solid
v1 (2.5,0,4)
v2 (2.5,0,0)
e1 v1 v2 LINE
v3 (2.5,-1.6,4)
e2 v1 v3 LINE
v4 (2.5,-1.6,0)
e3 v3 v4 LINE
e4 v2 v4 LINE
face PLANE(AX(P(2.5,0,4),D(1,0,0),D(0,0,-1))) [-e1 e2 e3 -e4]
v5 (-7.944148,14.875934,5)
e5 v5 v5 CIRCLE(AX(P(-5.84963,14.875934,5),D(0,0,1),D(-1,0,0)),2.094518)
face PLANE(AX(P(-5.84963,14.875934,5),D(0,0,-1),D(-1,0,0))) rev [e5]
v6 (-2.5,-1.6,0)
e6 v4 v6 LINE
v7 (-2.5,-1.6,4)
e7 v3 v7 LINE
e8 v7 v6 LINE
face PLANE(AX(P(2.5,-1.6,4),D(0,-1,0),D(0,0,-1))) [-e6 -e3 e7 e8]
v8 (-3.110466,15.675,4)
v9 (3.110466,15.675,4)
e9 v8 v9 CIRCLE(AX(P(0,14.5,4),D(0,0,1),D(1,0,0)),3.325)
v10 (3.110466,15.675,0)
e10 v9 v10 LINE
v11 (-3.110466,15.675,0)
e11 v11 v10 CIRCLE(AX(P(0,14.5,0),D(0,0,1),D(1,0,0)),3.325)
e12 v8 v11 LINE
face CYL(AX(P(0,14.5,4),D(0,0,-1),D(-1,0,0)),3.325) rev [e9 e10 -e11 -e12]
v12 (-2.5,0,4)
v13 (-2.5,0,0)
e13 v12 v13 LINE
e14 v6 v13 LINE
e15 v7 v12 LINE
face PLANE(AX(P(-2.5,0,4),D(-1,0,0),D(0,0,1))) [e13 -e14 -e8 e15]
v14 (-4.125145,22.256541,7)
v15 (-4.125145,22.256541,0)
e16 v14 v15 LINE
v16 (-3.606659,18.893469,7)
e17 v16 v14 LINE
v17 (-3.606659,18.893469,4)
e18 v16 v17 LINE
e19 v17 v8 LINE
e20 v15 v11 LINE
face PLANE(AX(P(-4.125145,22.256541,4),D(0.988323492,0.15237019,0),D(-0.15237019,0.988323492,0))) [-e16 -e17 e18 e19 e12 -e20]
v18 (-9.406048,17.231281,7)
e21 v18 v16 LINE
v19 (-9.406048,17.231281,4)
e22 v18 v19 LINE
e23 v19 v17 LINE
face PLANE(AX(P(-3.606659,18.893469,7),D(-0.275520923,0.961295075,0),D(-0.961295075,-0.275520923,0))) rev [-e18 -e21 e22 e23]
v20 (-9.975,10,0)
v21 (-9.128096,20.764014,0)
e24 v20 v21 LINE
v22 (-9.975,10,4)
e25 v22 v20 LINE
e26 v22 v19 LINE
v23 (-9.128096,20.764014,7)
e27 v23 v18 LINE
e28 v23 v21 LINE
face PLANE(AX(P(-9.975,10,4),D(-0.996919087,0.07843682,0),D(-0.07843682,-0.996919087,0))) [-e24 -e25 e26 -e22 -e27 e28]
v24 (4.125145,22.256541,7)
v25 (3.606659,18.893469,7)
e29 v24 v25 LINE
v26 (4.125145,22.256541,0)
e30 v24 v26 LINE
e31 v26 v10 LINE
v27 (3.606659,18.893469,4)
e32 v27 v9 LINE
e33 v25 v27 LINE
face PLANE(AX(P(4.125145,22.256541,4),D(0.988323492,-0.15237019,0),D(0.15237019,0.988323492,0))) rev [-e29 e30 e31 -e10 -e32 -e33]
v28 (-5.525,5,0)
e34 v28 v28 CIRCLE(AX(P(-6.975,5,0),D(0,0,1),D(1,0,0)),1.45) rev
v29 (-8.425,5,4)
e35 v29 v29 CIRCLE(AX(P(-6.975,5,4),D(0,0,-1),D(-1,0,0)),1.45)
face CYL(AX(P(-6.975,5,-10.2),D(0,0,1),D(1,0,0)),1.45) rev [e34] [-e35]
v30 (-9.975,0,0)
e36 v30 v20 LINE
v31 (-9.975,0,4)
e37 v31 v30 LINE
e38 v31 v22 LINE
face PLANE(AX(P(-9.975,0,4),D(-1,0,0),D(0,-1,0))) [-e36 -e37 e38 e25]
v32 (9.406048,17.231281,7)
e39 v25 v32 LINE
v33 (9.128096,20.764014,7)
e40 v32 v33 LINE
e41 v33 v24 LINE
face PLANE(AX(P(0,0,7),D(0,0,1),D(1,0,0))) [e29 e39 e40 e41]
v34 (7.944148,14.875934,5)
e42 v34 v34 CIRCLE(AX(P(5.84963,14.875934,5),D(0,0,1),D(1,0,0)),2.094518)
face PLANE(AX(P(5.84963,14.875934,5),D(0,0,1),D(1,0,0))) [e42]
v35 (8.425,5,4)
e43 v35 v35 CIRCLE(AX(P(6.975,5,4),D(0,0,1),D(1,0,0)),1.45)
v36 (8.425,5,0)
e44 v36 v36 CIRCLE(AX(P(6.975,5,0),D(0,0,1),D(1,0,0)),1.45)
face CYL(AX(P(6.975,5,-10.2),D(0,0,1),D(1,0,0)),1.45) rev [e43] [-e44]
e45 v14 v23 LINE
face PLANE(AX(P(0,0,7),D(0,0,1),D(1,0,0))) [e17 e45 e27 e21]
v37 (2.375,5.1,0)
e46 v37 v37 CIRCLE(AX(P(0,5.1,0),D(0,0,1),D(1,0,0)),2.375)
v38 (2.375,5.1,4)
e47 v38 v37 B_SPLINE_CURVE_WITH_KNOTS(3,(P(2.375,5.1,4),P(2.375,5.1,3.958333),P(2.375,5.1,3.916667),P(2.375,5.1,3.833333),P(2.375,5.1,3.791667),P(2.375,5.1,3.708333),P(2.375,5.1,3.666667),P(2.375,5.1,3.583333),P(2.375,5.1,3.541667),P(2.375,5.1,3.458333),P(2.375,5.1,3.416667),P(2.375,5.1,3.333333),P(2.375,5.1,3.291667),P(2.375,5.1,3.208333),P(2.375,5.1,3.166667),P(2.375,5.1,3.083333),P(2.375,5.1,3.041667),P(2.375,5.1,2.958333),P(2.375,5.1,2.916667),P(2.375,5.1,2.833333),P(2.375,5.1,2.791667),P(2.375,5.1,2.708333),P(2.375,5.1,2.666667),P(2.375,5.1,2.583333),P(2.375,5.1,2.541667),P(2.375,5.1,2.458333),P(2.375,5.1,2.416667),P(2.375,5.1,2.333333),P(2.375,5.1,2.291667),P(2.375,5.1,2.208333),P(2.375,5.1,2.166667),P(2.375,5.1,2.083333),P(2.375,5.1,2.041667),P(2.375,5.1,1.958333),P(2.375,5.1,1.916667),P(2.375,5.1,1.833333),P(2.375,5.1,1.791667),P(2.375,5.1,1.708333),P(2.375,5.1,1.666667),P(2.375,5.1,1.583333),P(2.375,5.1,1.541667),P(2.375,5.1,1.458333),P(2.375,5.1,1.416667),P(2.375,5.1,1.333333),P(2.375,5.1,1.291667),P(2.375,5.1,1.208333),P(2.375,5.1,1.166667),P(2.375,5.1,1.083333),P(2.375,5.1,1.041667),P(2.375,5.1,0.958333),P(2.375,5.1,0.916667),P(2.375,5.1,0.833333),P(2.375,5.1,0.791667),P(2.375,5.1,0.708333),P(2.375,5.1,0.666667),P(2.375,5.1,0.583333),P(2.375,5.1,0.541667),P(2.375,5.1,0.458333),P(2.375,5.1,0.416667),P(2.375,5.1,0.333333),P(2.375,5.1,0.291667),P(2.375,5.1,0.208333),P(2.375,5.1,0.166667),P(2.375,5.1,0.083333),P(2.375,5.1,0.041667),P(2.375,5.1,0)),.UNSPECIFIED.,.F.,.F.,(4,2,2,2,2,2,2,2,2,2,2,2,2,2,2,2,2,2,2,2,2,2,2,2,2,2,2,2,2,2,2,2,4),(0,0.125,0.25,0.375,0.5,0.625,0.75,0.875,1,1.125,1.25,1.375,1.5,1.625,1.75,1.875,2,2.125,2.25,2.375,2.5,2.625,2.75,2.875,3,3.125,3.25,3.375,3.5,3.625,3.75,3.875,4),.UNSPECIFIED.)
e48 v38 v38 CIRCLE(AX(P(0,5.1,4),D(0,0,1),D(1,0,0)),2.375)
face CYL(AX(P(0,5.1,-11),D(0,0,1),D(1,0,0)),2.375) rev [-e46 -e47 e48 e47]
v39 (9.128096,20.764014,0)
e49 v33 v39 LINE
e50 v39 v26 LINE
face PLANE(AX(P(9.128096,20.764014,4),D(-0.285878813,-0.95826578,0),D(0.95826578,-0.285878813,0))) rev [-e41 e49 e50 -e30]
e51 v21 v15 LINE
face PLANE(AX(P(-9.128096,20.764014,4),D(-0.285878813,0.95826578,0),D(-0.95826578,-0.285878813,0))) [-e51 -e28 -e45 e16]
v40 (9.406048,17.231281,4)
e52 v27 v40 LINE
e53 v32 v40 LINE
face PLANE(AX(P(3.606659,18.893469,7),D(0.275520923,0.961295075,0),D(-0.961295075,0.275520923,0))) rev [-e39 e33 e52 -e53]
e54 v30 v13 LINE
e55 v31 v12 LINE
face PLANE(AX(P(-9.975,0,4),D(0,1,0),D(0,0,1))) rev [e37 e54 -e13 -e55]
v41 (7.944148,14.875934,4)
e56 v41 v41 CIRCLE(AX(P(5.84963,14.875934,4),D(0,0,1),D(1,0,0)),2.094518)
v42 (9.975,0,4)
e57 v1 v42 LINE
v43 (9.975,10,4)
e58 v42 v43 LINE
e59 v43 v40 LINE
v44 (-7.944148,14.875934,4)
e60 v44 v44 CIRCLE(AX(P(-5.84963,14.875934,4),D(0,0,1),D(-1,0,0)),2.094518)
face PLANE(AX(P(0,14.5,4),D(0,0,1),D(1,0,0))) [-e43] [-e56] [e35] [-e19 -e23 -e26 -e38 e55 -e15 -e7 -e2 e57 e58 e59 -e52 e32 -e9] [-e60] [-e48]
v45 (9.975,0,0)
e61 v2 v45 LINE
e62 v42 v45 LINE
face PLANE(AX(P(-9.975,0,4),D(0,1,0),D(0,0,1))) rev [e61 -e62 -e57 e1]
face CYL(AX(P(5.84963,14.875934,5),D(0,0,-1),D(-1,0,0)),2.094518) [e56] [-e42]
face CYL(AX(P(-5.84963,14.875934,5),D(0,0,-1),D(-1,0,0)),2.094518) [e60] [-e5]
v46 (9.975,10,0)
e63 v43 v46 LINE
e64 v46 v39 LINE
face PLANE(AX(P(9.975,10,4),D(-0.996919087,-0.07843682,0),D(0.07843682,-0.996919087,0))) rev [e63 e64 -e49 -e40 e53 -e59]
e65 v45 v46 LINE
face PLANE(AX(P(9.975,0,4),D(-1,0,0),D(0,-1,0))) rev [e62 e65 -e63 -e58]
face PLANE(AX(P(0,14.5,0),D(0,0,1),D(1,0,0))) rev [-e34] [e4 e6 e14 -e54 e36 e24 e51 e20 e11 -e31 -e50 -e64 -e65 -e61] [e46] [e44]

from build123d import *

# Parameters (mm, degrees)
BOSS_EXTRUDE1_DEPTH = 4
SKETCH2_W           = 5
SKETCH2_H           = 1.6
BOSS_EXTRUDE2_DEPTH = 4
SKETCH5_R           = 1.45
CUT_EXTRUDE3_DEPTH  = 14.2
SKETCH7_R           = 2.375
CUT_EXTRUDE6_DEPTH  = 15
SKETCH8_R           = 2.094517613
BOSS_EXTRUDE3_DEPTH = 1
BOSS_EXTRUDE4_DEPTH = 3


with BuildPart() as part:
    # Sketch1 → Boss-Extrude1 (new body)
    with BuildSketch(Plane.XY):
        with BuildLine():
            Line((-9.975, 0), (9.975, 0))
            Line((9.975, 0), (9.975, 10))
            Line((9.975, 10), (9.128095747, 20.764013839))
            Line((9.128095747, 20.764013839), (4.125144755, 22.256540984))
            Line((4.125144755, 22.256540984), (3.110466203, 15.675))
            ThreePointArc((3.110466203, 15.675), (0, 11.175), (-3.110466203, 15.675))
            Line((-3.110466203, 15.675), (-4.125144755, 22.256540984))
            Line((-4.125144755, 22.256540984), (-9.128095747, 20.764013839))
            Line((-9.128095747, 20.764013839), (-9.975, 10))
            Line((-9.975, 10), (-9.975, 0))
        make_face()
    extrude(amount=BOSS_EXTRUDE1_DEPTH)

    # Sketch2 → Boss-Extrude2 (add)
    with BuildSketch(Plane(origin=(0, 0, 0), x_dir=(-1, 0, 0), z_dir=(0, 0, -1))):
        with Locations((0, -0.8)):
            Rectangle(SKETCH2_W, SKETCH2_H)
    extrude(amount=-BOSS_EXTRUDE2_DEPTH)

    # Sketch5 → Cut-Extrude3 (cut)
    with BuildSketch(Plane.XY.offset(4)):
        with Locations((6.975, 5)):
            Circle(SKETCH5_R)
    cut_extrude3 = extrude(amount=-CUT_EXTRUDE3_DEPTH, mode=Mode.SUBTRACT)

    # Mirror1: Cut-Extrude3 across plane
    add(cut_extrude3.mirror(Plane(origin=(0, 0, 0), x_dir=(0, 0, 1), z_dir=(1, 0, 0))), mode=Mode.SUBTRACT)

    # Sketch7 → Cut-Extrude6 (cut)
    with BuildSketch(Plane.XY.offset(4)):
        with Locations((0, 5.1)):
            Circle(SKETCH7_R)
    extrude(amount=-CUT_EXTRUDE6_DEPTH, mode=Mode.SUBTRACT)

    # Sketch8 → Boss-Extrude3 (add)
    with BuildSketch(Plane.XY.offset(4)):
        with Locations((5.849630313, 14.875934422)):
            Circle(SKETCH8_R)
        with Locations(Location((-5.849630313, 14.875934422, 0), (0, 0, 180))):
            Circle(SKETCH8_R)
    extrude(amount=BOSS_EXTRUDE3_DEPTH)

    # Sketch9 → Boss-Extrude4 (add)
    with BuildSketch(Plane.XY.offset(4)):
        Polygon((4.125144755, 22.256540984), (3.606658762, 18.893469192), (9.406048413, 17.23128114), (9.128095747, 20.764013839), align=None)
        Polygon((-9.128095747, 20.764013839), (-4.125144755, 22.256540984), (-3.606658762, 18.893469192), (-9.406048413, 17.23128114), align=None)
    extrude(amount=BOSS_EXTRUDE4_DEPTH)


solid = part.part
